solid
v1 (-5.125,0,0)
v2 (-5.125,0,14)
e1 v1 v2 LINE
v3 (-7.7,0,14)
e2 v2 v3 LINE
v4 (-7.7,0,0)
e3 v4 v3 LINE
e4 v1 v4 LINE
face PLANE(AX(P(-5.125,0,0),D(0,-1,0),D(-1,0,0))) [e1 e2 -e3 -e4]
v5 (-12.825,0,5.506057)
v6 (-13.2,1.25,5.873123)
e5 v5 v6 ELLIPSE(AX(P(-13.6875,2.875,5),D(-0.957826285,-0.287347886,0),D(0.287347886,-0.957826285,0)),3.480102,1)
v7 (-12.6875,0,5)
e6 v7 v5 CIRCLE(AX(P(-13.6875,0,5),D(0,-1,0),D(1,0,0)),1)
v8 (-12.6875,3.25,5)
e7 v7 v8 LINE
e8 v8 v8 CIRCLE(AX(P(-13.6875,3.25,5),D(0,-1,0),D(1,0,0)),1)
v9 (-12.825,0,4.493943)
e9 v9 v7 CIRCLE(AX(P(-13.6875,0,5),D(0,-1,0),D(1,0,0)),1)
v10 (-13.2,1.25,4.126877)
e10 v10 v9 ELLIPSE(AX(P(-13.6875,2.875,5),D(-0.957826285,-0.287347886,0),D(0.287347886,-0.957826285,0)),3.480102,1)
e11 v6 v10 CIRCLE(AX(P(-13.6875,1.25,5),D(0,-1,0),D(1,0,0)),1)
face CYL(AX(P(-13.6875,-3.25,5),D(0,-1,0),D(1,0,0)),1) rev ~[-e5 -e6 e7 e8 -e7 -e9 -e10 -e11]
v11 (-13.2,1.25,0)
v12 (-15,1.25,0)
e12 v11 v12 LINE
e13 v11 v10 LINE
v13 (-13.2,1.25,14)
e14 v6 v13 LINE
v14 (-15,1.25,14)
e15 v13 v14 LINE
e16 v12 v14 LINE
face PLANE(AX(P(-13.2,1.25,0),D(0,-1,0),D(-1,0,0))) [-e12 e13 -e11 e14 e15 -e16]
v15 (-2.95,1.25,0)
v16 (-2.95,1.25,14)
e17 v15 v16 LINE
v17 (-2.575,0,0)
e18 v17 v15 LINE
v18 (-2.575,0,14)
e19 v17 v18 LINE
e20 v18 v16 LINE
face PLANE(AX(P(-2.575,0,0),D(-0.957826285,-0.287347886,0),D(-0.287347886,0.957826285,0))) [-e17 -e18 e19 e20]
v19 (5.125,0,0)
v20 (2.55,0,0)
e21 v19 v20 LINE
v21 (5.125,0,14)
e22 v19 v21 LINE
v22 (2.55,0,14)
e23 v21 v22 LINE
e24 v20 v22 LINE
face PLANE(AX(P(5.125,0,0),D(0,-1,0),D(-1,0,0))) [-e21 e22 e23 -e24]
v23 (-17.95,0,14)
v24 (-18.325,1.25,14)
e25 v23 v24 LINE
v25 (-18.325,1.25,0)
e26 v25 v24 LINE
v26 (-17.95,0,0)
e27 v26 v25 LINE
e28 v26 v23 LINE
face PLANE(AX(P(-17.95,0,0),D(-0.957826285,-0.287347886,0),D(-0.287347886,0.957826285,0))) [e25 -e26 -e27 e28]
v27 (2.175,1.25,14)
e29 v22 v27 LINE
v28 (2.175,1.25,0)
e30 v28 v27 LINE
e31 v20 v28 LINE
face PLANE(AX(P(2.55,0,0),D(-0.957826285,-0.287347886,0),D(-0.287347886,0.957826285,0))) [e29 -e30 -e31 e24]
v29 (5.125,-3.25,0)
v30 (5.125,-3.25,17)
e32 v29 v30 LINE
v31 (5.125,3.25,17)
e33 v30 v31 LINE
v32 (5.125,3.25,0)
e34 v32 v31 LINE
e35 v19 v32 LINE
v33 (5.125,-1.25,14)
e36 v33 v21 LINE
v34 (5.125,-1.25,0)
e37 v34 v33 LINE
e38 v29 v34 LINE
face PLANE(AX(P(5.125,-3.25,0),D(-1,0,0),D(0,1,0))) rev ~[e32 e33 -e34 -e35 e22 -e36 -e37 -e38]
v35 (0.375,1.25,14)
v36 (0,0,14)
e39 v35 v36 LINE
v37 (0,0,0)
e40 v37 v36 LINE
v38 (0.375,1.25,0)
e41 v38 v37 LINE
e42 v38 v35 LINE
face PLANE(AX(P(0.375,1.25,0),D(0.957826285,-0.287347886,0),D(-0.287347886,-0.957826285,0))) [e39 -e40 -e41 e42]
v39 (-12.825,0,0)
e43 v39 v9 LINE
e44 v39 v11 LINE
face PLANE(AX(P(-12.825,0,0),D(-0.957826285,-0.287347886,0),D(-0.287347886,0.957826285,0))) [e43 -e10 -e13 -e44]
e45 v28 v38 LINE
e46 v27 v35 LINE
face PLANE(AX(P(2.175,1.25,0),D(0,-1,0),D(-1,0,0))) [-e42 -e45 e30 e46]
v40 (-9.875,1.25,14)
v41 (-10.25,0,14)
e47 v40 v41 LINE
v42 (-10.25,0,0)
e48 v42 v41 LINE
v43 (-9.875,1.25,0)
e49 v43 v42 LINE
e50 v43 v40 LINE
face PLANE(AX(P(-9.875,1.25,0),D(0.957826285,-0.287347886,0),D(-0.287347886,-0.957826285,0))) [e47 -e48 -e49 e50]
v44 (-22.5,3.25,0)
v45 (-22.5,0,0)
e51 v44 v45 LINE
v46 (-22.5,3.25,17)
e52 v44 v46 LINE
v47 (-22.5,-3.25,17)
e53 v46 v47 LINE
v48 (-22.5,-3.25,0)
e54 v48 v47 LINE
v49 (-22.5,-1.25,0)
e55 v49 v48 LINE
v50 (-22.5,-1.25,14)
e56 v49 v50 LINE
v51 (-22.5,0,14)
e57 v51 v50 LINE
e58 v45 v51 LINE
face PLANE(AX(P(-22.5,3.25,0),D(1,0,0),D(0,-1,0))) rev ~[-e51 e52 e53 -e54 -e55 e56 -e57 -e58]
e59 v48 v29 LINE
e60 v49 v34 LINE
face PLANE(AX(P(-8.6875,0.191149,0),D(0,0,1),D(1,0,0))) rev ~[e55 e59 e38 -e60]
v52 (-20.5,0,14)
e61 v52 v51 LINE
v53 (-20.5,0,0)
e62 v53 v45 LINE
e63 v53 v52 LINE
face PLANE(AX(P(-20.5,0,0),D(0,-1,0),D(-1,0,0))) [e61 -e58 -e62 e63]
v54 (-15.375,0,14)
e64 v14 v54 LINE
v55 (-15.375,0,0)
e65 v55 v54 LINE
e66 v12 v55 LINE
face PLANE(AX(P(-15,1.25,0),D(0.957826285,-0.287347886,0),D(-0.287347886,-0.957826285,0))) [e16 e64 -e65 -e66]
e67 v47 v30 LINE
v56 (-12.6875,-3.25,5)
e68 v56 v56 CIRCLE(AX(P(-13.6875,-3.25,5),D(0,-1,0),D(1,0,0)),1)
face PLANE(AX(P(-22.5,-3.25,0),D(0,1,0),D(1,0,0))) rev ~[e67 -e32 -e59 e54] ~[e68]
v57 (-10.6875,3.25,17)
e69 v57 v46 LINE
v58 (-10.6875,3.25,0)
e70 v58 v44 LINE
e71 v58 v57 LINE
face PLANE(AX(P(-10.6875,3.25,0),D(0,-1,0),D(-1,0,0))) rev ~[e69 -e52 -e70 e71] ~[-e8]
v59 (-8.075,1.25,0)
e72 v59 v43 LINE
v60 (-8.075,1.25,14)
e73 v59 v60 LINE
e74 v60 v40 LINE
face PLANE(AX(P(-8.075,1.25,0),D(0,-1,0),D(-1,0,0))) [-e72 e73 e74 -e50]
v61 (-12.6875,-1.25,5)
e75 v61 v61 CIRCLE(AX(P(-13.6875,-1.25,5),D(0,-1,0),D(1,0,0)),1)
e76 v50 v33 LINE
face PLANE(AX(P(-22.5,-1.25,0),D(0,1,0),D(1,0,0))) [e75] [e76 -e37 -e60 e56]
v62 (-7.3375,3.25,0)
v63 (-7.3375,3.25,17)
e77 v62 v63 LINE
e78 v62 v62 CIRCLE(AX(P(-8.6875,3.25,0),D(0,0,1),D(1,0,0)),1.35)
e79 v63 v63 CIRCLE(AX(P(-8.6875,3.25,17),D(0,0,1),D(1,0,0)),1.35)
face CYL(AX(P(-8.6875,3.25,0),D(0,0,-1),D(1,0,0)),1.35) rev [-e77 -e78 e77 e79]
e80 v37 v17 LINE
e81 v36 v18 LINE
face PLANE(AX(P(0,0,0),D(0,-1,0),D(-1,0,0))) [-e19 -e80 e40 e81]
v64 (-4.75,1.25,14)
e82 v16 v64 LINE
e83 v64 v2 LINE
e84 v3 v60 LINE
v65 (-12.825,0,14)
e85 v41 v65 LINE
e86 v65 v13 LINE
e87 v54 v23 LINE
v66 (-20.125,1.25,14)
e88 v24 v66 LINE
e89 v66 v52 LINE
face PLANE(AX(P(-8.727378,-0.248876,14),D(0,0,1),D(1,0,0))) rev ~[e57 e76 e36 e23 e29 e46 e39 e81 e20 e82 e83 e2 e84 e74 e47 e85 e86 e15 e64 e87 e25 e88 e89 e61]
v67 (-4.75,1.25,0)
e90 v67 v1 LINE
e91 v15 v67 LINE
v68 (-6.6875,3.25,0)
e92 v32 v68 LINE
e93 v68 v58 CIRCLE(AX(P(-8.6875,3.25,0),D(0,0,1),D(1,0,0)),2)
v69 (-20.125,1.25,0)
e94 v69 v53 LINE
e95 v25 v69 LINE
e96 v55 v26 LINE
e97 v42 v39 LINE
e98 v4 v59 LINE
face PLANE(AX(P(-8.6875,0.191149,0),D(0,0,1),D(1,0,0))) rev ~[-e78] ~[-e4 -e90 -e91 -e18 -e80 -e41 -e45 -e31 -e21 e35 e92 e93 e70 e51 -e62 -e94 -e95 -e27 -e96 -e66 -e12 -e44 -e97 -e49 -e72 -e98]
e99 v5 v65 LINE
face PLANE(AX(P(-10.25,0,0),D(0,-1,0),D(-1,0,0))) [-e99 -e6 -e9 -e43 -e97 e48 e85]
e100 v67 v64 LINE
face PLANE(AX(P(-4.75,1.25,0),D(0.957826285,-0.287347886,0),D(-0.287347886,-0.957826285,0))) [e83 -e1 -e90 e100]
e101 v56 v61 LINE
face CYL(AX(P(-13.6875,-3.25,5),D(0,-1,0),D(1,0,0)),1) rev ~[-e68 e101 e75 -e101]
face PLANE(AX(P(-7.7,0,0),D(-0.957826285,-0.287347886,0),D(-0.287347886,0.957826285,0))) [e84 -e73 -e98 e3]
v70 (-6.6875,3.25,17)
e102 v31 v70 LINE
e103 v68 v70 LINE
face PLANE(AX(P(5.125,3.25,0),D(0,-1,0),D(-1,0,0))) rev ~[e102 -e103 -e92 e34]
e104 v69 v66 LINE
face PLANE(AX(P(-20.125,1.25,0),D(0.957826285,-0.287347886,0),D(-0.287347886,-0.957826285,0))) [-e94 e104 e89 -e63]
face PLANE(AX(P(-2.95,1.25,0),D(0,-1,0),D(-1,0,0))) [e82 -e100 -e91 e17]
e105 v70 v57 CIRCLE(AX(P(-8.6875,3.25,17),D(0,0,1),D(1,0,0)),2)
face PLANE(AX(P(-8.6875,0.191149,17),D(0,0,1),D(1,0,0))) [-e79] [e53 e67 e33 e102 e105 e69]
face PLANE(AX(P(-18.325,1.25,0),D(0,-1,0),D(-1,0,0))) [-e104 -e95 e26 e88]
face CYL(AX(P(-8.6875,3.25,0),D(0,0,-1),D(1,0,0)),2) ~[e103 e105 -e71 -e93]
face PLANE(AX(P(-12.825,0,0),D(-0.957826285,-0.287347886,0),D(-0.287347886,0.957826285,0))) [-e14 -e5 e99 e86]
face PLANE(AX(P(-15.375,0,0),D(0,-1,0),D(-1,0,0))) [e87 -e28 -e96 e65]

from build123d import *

# Parameters (mm, degrees)
F1_DEPTH = 14
F2_R     = 1.35
F3_DEPTH = 17
F5_R     = 1
F6_DEPTH = 25


with BuildPart() as f1:
    # F0 (on Top) → F1 (new body)
    with BuildSketch(Plane.XY):
        Polygon((-20.125, 1.25), (-20.5, 0), (-22.5, 0), (-22.5, -1.25), (-20.5, -1.25), (5.125, -1.25), (5.125, 0), (2.55, 0), (2.175, 1.25), (0.375, 1.25), (0, 0), (-2.575, 0), (-2.95, 1.25), (-4.75, 1.25), (-5.125, 0), (-7.7, 0), (-8.075, 1.25), (-9.875, 1.25), (-10.25, 0), (-12.825, 0), (-13.2, 1.25), (-15, 1.25), (-15.375, 0), (-17.95, 0), (-18.325, 1.25), align=None)
    extrude(amount=F1_DEPTH)


with BuildPart() as f3:
    # F2 (on Top) → F3 (new body)
    with BuildSketch(Plane.XY):
        with BuildLine():
            Line((5.125, -3.25), (5.125, 3.25))
            Line((5.125, 3.25), (-6.6875, 3.25))
            ThreePointArc((-6.6875, 3.25), (-8.6875, 5.25), (-10.6875, 3.25))
            Line((-10.6875, 3.25), (-22.5, 3.25))
            Line((-22.5, 3.25), (-22.5, -3.25))
            Line((-22.5, -3.25), (5.125, -3.25))
        make_face()
        with Locations((-8.6875, 3.25)):
            Circle(F2_R, mode=Mode.SUBTRACT)
    extrude(amount=F3_DEPTH)

    # F4: cut F1
    add(f1.part, mode=Mode.SUBTRACT)

    # F5 (on face) → F6 (cut)
    with BuildSketch(Plane.XZ.offset(3.25)):
        with Locations((-13.6875, 5)):
            Circle(F5_R)
    extrude(amount=-F6_DEPTH, mode=Mode.SUBTRACT)


solid = f3.part
